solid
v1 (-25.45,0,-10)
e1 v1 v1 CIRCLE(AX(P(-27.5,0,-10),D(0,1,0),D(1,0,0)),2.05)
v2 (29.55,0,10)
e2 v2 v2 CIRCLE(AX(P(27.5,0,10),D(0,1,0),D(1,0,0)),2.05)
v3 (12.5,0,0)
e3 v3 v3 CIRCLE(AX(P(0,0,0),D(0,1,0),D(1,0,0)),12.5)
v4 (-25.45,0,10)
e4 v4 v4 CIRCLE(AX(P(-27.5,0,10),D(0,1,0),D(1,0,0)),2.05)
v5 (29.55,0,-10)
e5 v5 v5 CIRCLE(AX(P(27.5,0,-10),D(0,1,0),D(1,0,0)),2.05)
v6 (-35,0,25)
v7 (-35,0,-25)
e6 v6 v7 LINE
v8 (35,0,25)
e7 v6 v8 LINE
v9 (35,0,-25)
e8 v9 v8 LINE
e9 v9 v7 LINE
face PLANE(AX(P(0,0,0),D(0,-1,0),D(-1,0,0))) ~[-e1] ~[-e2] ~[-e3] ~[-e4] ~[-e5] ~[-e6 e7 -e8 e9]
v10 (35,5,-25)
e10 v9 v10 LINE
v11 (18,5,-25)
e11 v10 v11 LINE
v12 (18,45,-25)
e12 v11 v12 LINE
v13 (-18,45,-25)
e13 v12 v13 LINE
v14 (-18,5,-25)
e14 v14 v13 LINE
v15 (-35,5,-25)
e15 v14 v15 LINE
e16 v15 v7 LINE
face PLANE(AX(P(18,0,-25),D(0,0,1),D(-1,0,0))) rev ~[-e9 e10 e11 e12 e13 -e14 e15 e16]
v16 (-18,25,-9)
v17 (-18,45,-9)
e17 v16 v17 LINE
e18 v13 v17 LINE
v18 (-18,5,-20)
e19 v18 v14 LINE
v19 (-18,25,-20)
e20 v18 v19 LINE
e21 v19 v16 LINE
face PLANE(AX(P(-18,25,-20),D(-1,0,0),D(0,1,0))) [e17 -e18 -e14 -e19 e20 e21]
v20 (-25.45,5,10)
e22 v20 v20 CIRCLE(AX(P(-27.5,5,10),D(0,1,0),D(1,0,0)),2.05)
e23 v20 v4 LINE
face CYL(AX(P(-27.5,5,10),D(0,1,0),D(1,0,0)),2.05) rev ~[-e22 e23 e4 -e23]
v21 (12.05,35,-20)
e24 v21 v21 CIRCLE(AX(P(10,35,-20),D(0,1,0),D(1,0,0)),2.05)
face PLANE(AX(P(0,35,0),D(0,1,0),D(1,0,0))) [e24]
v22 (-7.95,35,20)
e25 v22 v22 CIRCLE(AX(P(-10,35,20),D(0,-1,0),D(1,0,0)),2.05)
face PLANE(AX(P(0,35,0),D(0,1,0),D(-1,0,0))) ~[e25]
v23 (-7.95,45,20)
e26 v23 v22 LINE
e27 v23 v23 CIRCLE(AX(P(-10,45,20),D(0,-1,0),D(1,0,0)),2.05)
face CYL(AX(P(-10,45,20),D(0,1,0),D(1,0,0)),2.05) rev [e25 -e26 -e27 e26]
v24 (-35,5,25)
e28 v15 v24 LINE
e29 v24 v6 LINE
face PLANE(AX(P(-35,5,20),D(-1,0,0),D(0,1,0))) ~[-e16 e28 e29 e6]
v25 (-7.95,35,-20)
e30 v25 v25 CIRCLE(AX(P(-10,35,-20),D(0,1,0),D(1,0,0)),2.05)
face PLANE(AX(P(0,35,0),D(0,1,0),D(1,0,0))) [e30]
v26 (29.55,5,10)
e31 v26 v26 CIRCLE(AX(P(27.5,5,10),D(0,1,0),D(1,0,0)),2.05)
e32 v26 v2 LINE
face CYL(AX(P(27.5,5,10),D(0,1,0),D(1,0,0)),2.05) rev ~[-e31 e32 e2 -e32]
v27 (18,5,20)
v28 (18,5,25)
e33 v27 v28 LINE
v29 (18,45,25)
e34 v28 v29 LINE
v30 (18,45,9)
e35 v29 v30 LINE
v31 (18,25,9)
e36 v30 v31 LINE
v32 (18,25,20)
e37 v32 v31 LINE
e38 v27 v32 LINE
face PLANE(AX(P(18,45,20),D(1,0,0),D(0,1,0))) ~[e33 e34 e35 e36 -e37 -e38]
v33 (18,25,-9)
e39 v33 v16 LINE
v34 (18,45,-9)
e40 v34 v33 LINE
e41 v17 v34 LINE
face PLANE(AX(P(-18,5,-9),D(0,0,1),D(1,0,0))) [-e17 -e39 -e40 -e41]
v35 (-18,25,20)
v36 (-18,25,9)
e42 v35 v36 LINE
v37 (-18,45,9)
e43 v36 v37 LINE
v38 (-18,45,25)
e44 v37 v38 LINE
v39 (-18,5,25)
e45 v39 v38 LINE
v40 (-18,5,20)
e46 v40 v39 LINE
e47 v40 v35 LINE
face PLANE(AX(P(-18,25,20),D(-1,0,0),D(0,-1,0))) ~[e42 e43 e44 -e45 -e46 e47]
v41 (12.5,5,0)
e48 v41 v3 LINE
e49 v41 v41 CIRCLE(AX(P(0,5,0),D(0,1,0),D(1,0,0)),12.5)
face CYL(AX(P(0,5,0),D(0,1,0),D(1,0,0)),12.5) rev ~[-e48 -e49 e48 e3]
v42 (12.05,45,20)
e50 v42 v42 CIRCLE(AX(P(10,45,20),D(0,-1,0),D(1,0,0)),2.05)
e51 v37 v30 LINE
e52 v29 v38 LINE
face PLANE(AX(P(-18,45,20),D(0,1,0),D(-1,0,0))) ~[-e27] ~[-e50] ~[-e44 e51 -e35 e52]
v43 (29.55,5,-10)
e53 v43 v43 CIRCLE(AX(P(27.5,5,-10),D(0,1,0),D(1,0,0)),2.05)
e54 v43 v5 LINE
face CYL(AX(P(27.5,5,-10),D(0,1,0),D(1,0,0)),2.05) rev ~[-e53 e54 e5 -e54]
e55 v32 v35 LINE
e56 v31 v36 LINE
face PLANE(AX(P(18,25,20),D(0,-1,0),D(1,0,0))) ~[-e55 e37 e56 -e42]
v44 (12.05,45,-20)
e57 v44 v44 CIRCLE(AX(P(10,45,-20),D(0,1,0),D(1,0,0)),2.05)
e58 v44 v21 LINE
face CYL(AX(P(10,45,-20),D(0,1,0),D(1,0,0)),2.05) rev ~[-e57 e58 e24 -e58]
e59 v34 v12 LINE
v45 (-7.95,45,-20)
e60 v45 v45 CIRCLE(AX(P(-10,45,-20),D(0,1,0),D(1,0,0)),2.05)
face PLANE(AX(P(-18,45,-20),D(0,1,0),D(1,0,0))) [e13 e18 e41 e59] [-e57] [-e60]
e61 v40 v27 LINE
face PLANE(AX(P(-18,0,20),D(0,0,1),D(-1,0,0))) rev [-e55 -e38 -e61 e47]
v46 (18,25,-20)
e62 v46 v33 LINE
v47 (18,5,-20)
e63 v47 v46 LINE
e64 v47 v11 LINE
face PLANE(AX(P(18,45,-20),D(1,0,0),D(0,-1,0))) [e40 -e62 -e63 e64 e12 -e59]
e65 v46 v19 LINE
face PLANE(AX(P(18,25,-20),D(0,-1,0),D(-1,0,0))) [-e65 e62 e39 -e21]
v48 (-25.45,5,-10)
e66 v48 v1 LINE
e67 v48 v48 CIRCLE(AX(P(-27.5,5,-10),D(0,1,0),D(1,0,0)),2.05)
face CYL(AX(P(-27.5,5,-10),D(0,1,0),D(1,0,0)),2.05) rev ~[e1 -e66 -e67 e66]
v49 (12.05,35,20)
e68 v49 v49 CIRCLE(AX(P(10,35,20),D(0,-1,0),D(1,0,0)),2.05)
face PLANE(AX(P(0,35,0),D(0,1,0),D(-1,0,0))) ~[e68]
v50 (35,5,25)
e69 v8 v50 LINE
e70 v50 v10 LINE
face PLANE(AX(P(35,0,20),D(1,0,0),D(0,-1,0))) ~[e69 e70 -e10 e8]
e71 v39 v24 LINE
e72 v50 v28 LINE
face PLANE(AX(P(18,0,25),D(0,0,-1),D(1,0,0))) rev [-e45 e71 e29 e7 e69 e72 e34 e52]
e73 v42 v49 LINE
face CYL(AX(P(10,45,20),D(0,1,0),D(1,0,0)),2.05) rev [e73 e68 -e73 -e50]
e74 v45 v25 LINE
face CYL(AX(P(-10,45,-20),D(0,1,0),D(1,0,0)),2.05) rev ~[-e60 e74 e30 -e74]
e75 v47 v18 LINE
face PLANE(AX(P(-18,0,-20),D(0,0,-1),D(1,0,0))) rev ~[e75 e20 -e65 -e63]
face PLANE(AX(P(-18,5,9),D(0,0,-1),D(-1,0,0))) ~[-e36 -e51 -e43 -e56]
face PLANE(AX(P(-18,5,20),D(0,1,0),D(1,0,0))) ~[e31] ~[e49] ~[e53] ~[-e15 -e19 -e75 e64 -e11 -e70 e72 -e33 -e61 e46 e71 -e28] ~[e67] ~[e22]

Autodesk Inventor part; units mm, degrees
ref_plane "YZ Plane" through (0, 0, 0) normal (1, 0, 0) x (0, 1, 0)
ref_plane "XZ Plane" through (0, 0, 0) normal (0, 1, 0) x (-1, 0, 0)
ref_plane "XY Plane" through (0, 0, 0) normal (0, 0, 1) x (1, 0, 0)
sketch "Sketch1" plane through (0, 0, 0) normal (0, 1, 0) x (-1, 0, 0)
  line L0 (35, 20) -> (-35, 20)
  line L1 (-35, 20) -> (-35, -20)
  line L2 (-35, -20) -> (35, -20)
  line L3 (35, -20) -> (35, 20)
  line L4 (35, 20) -> (-35, -20) construction
  line L5 (-35, 20) -> (35, -20) construction
  point P0 (0, 0)
  dimension "d0" = 70
  dimension "d1" = 40
extrude "Extrusion1" add sketch "Sketch1" along normal blind 5
sketch "Sketch2" plane through (0, 5, 0) normal (0, 1, 0) x (1, 0, 0)
  circle A0 centre (27.5, -10) radius 2.05
  circle A1 centre (27.5, 10) radius 2.05
  circle A2 centre (-27.5, 10) radius 2.05
  circle A3 centre (-27.5, -10) radius 2.05
  point P0 (0, 0)
  dimension "d4" = 4.1
  dimension "d5" = 27.5
  dimension "d6" = 10
  dimension "d7" = 4.1
  dimension "d8" = 4.1
  dimension "d9" = 4.1
  dimension "d10" = 10
  dimension "d11" = 27.5
  dimension "d12" = 27.5
  dimension "d13" = 10
  dimension "d14" = 10
  dimension "d15" = 27.5
extrude "Extrusion2" cut sketch "Sketch2" against normal blind 5
sketch "Sketch3" plane through (0, 5, 0) normal (0, 1, 0) x (1, 0, 0)
  circle A0 centre (0, 0) radius 12.5
  dimension "d18" = 25
extrude "Extrusion3" cut sketch "Sketch3" against normal blind 5
ref_plane "Work Plane1" through (-35, 0, 0) normal (0, 0, 1) x (1, 0, 0)
sketch "Sketch7" plane through (0, 0, 0) normal (0, -1, 0) x (1, 0, 0)
  line L0 (18, -25) -> (-18, -25)
  line L1 (-18, -25) -> (-18, -20)
  line L2 (-18, -20) -> (18, -20)
  line L3 (18, -20) -> (18, -25)
  line L4 (35, -20) -> (-35, -20) projected
  point P0 (0, 0)
  dimension "d38" = 36
  dimension "d39" = 5
  dimension "d40" = 18
extrude "Extrusion7" add sketch "Sketch7" against normal blind 45
sketch "Sketch8" plane through (-18, 5, -20) normal (0, 0, 1) x (1, 0, 0)
  line L0 (0, 40) -> (36, 40)
  line L1 (36, 40) -> (36, 20)
  line L2 (36, 20) -> (0, 20)
  line L3 (0, 20) -> (0, 40)
  line L4 (0, 40) -> (36, 40) projected
  line L5 (0, 0) -> (0, 40) projected
  line L6 (36, 0) -> (36, 40) projected
  point P0 (18, -5)
  dimension "d43" = 20
extrude "Extrusion8" add sketch "Sketch8" along normal blind 11
sketch "Sketch9" plane through (35, 0, -20) normal (0, 0, -1) x (-1, 0, 0)
  line L0 (0, 5) -> (17, 5)
  line L1 (17, 5) -> (17, 0)
  line L2 (17, 0) -> (0, 0)
  line L3 (0, 0) -> (0, 5)
  line L4 (53, 5) -> (70, 5)
  line L5 (70, 5) -> (70, 0)
  line L6 (70, 0) -> (53, 0)
  line L7 (53, 0) -> (53, 5)
  line L8 (53, 5) -> (70, 5) projected
  line L9 (53, 0) -> (53, 45) projected
  line L10 (53, 0) -> (70, 0) projected
  line L11 (70, 0) -> (70, 5) projected
  line L12 (17, 0) -> (17, 45) projected
  line L13 (0, 5) -> (17, 5) projected
  line L14 (0, 0) -> (0, 5) projected
  line L15 (0, 0) -> (17, 0) projected
  point P0 (35, 0)
extrude "Extrusion9" add sketch "Sketch9" along normal blind 5
sketch "Sketch10" plane through (0, 45, 0) normal (0, 1, 0) x (1, 0, 0)
  circle A0 centre (-10, 20) radius 2.05
  circle A1 centre (10, 20) radius 2.05
  line L0 (18, 25) -> (-18, 25) projected
  point P0 (0, 0)
  dimension "d48" = 4.1
  dimension "d49" = 4.1
  dimension "d50" = 10
  dimension "d51" = 10
  dimension "d52" = 5
  dimension "d53" = 5
extrude "Extrusion10" cut sketch "Sketch10" against normal blind 10
mirror "Mirror2" about plane through (-35, 0, 0) normal (0, 0, 1) of "Extrusion7", "Extrusion8", "Extrusion9", "Extrusion10"
properties part number "nozzle_bracket" material "ABS Plastic"
